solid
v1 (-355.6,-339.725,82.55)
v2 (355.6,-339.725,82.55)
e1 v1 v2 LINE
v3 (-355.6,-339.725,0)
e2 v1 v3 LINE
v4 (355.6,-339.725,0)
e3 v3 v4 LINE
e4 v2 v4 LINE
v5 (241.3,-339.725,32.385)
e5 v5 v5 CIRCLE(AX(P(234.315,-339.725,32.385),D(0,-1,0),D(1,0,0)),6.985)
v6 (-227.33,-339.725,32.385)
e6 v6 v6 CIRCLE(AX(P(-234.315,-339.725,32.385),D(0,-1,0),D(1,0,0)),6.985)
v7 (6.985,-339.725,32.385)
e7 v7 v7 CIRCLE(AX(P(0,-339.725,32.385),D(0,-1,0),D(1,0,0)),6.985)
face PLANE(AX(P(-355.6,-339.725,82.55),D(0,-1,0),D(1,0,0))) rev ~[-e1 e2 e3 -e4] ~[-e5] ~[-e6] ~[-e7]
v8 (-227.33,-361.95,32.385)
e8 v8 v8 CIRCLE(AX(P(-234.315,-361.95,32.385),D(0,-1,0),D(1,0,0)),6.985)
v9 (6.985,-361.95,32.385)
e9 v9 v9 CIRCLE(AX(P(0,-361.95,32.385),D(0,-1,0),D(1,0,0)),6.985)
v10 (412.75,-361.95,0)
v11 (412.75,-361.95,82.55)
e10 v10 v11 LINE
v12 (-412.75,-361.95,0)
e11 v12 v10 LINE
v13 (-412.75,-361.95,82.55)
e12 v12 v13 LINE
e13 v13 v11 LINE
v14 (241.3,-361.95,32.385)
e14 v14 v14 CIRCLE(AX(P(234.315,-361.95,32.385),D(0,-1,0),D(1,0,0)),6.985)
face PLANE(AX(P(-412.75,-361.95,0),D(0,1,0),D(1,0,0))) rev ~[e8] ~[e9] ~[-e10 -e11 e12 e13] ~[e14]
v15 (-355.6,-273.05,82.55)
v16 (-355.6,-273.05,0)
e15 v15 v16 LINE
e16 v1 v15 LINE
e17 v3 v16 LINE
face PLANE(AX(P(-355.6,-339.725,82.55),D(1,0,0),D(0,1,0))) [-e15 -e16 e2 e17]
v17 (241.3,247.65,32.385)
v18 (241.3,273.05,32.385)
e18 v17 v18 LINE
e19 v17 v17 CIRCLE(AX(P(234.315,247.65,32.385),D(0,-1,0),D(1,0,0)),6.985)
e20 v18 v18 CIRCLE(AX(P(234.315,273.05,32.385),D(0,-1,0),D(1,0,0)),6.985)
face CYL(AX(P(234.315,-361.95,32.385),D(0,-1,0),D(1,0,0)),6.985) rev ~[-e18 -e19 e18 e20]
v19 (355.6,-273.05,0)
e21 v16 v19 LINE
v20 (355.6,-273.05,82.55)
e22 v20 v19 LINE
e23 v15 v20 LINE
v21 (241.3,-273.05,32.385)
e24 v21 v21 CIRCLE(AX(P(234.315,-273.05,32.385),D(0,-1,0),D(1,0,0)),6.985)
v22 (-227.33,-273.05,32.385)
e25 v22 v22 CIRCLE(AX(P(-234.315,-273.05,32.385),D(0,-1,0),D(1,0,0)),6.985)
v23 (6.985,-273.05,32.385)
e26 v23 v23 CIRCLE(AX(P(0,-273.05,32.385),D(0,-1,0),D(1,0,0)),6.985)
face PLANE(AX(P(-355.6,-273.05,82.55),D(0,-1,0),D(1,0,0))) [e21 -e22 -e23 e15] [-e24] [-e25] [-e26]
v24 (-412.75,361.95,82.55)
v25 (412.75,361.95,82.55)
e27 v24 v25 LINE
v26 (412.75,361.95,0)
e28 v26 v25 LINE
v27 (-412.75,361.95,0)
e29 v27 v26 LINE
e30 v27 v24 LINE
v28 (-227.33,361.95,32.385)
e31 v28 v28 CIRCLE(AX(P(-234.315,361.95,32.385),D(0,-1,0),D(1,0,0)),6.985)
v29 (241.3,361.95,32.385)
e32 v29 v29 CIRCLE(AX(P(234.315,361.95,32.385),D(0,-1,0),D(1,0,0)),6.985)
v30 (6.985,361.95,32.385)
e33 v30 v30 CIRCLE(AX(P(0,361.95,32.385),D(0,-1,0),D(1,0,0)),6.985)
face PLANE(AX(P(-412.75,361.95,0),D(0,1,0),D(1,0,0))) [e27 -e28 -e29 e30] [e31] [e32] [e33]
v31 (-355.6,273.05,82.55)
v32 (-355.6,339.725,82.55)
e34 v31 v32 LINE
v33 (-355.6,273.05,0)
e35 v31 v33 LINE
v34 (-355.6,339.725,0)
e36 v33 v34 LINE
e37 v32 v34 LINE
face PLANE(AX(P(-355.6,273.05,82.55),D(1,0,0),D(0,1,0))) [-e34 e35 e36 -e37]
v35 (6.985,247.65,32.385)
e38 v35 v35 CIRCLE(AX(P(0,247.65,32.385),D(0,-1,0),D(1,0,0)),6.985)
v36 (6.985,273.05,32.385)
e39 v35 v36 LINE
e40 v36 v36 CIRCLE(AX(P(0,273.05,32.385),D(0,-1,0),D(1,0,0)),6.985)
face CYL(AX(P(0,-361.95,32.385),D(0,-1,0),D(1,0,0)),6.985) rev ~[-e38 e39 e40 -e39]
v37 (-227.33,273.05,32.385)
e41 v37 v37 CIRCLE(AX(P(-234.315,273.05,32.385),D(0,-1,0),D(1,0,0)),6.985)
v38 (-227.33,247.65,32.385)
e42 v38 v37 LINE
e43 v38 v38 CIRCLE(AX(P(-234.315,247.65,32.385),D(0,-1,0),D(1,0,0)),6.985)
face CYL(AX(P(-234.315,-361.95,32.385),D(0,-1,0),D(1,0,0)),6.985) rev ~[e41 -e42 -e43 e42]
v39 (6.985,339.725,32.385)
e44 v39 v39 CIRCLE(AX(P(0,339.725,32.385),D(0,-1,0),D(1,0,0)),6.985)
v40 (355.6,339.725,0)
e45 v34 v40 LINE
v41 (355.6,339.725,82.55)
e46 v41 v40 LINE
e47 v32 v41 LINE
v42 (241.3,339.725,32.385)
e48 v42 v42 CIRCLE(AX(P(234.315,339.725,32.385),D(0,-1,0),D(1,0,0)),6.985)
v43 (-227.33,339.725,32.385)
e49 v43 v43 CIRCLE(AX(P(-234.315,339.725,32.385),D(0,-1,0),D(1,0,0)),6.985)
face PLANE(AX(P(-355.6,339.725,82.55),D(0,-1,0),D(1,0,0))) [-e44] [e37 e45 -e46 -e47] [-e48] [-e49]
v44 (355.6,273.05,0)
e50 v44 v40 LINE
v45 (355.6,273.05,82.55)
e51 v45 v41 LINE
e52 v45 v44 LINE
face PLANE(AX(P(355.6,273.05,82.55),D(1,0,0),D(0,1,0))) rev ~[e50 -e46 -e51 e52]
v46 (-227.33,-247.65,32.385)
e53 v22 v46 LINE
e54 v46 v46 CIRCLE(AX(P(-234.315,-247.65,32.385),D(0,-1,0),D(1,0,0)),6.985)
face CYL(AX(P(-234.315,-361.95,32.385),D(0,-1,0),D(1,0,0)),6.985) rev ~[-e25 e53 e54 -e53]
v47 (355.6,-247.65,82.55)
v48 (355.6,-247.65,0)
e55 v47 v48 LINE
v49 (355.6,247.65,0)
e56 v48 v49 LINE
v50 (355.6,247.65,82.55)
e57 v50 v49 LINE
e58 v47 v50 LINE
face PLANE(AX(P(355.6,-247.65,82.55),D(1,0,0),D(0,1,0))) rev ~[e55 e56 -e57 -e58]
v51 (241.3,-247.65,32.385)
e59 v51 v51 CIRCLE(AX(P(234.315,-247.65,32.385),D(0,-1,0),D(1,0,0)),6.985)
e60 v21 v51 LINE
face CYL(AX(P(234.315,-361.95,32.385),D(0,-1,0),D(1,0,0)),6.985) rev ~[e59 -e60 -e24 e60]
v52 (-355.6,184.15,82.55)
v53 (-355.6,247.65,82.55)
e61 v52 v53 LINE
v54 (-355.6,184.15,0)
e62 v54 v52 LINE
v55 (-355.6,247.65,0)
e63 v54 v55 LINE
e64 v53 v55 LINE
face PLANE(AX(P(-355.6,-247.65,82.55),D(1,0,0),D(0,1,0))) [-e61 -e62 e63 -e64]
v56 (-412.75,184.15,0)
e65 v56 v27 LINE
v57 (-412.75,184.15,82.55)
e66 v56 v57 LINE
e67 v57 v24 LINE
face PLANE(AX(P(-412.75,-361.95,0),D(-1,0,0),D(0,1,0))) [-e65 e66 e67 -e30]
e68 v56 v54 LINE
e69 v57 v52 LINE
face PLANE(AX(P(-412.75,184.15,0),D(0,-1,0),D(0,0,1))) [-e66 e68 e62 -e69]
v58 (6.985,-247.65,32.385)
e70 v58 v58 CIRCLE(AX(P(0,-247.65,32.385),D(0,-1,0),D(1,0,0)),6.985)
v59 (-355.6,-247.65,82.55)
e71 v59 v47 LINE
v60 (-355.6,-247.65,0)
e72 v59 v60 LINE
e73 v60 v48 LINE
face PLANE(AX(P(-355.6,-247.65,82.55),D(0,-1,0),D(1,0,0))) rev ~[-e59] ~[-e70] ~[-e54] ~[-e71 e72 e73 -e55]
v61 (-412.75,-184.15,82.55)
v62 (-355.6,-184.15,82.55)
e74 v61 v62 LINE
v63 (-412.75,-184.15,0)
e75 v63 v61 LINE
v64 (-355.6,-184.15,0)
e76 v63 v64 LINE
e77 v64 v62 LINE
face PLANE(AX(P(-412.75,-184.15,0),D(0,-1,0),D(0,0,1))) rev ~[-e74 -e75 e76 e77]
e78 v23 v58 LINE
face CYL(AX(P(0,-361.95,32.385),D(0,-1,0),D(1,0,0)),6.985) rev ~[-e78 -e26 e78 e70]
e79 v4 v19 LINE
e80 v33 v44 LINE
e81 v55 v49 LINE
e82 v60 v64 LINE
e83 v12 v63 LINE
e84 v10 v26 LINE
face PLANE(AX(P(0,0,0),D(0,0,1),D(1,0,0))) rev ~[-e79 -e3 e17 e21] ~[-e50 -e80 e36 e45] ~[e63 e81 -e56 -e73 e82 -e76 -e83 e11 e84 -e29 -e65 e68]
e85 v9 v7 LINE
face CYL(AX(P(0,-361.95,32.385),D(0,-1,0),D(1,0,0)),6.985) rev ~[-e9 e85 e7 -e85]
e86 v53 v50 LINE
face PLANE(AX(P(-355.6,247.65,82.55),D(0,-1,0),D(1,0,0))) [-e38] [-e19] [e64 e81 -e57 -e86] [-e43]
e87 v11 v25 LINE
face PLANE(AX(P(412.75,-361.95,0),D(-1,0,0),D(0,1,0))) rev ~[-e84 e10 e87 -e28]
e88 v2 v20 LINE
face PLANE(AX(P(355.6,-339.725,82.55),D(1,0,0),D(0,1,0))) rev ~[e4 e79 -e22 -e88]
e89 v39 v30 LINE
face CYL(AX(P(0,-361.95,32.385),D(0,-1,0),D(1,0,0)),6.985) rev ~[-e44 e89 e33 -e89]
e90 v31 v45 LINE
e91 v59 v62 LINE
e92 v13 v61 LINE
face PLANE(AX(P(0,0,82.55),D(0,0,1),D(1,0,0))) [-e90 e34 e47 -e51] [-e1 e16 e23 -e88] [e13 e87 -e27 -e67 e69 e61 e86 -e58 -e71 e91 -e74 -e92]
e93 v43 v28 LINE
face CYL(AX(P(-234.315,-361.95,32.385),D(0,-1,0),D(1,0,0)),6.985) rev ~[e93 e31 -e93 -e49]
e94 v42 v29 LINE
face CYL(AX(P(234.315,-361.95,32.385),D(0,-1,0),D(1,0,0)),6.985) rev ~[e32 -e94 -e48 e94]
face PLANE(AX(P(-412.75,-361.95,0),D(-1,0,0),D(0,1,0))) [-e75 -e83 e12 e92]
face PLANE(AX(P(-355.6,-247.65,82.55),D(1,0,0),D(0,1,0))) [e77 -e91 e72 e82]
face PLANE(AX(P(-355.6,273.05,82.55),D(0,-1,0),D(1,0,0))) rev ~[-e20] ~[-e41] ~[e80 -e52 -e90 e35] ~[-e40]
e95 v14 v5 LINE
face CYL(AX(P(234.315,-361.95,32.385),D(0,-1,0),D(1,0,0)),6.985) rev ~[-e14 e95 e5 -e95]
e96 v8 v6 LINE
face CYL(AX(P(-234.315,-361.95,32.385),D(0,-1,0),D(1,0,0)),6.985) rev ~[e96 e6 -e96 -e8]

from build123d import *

# Parameters (mm, degrees)
F0_W      = 825.5
F0_H      = 723.9
F1_DEPTH  = 82.55
F2_W      = 711.2
F2_H      = 495.3
F3_DEPTH  = 82.55
F4_W      = 711.2
F4_H      = 66.675
F5_DEPTH  = 82.55
F6_W      = 711.2
F6_H      = 66.675
F7_DEPTH  = 82.55
F8_W      = 368.3
F8_H      = 82.55
F9_DEPTH  = 57.15
F10_R     = 6.985
F11_DEPTH = 762


with BuildPart() as f1:
    # F0 (on Top) → F1 (new body)
    with BuildSketch(Plane.XY):
        Rectangle(F0_W, F0_H)
    extrude(amount=F1_DEPTH)

    # F2 (on face) → F3 (cut)
    with BuildSketch(Plane.XY.offset(82.55)):
        Rectangle(F2_W, F2_H)
    extrude(amount=-F3_DEPTH, mode=Mode.SUBTRACT)

    # F4 (on face) → F5 (cut)
    with BuildSketch(Plane.XY.offset(82.55)):
        with Locations((0, 306.3875)):
            Rectangle(F4_W, F4_H)
    extrude(amount=-F5_DEPTH, mode=Mode.SUBTRACT)

    # F6 (on face) → F7 (cut)
    with BuildSketch(Plane.XY.offset(82.55)):
        with Locations((0, -306.3875)):
            Rectangle(F6_W, F6_H)
    extrude(amount=-F7_DEPTH, mode=Mode.SUBTRACT)

    # F8 (on face) → F9 (cut)
    with BuildSketch(Plane(origin=(-412.75, 0, 0), x_dir=(0, -1, 0), z_dir=(-1, 0, 0))):
        with Locations((0, 41.275)):
            Rectangle(F8_W, F8_H)
    extrude(amount=-F9_DEPTH, mode=Mode.SUBTRACT)

    # F10 (on face) → F11 (cut)
    with BuildSketch(Plane.XZ.offset(361.95)):
        with Locations((0, 32.385)):
            Circle(F10_R)
        with Locations((234.315, 32.385)):
            Circle(F10_R)
        with Locations((-234.315, 32.385)):
            Circle(F10_R)
    extrude(amount=-F11_DEPTH, mode=Mode.SUBTRACT)


solid = f1.part
